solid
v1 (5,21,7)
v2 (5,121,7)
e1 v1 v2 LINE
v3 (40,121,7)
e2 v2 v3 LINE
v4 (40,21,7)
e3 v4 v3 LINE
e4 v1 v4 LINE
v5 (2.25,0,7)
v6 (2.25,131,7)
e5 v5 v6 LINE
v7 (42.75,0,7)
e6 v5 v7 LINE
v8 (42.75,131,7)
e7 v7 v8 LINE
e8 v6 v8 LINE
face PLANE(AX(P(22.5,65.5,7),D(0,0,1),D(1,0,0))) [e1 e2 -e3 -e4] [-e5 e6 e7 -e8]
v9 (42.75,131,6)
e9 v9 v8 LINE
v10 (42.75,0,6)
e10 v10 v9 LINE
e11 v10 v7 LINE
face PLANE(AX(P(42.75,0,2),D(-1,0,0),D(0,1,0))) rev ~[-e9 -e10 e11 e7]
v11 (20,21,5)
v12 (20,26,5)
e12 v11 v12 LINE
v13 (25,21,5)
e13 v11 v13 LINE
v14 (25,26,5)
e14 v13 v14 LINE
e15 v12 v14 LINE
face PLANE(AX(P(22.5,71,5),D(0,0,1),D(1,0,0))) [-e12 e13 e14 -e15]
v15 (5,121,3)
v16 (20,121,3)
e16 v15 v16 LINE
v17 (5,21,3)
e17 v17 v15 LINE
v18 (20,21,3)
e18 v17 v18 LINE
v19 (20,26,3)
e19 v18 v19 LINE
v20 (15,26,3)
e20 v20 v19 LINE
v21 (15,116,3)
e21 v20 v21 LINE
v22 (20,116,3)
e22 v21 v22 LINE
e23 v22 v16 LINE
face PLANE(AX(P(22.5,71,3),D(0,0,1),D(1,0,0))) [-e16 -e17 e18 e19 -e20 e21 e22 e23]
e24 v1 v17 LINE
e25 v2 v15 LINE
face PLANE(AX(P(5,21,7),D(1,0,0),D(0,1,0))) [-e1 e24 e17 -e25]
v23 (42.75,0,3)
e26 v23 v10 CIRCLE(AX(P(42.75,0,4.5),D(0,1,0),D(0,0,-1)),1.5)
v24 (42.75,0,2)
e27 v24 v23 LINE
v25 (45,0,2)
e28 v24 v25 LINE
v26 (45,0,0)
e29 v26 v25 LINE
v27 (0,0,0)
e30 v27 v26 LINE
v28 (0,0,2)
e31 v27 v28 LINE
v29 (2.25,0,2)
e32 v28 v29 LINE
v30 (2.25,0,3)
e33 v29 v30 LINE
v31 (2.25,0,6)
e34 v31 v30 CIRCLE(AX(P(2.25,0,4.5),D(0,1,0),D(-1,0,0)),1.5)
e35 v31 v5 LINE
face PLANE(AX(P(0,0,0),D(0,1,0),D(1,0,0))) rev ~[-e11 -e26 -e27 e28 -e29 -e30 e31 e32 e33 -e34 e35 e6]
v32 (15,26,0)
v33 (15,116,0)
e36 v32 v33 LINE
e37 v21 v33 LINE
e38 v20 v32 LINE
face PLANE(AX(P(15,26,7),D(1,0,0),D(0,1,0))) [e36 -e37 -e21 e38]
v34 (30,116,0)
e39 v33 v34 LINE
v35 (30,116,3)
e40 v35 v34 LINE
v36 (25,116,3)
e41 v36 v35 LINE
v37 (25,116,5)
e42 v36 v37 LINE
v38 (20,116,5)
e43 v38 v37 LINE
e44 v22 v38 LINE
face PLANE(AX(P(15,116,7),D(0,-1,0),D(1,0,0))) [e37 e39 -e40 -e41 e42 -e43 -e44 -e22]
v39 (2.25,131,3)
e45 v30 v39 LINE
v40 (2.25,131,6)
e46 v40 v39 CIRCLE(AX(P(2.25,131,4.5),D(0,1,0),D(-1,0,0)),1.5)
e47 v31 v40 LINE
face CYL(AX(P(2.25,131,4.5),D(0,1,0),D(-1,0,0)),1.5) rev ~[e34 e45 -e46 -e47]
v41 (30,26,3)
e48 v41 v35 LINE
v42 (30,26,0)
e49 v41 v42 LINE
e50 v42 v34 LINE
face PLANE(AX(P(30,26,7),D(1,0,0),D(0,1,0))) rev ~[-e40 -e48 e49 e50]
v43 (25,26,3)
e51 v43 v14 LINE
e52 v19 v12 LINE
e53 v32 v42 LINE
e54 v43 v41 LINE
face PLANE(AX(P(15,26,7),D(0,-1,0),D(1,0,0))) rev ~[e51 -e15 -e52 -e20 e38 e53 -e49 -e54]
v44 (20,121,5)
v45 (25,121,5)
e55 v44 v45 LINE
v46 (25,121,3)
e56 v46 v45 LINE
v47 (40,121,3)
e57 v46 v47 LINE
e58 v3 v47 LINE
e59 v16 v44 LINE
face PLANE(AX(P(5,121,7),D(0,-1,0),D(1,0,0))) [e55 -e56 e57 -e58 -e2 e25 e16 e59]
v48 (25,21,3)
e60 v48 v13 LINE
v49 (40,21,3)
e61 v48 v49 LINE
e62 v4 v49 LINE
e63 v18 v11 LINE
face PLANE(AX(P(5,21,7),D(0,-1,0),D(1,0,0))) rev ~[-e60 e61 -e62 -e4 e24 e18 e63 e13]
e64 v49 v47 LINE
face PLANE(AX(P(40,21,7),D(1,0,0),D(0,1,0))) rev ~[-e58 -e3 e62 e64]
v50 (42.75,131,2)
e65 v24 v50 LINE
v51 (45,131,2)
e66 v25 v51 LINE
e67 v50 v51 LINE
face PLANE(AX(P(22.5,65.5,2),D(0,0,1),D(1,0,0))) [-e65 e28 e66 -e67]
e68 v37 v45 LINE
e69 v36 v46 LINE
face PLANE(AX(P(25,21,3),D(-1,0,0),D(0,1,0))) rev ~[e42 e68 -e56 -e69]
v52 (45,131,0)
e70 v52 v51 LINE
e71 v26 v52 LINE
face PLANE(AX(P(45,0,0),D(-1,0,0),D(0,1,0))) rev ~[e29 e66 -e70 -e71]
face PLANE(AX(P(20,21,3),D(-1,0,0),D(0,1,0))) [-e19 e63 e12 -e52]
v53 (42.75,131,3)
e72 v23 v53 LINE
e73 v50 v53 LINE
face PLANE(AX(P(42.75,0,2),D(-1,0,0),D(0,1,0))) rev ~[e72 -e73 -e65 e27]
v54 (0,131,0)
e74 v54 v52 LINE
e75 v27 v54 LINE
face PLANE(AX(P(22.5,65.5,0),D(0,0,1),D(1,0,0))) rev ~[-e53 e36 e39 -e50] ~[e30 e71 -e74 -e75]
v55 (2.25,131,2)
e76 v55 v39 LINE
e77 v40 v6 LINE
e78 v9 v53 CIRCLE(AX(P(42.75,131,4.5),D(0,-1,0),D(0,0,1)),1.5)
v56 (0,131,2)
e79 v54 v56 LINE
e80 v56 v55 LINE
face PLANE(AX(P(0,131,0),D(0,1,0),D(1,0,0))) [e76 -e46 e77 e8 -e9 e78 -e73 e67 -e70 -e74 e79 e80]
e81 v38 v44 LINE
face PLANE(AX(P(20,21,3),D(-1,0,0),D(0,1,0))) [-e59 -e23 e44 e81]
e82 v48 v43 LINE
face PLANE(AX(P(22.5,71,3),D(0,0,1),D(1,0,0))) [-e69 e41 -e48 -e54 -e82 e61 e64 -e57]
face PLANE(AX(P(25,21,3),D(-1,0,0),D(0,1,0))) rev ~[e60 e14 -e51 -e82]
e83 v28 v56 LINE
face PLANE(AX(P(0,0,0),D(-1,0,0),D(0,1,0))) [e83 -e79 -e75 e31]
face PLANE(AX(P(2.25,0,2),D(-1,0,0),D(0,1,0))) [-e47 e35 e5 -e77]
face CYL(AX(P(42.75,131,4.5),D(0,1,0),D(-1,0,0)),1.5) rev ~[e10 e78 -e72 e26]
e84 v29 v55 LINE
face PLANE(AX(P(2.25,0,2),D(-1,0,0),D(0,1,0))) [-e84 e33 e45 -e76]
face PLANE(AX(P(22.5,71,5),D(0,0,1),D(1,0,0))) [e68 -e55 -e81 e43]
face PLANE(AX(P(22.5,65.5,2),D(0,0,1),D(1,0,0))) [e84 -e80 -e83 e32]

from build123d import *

# Parameters (mm, degrees)
F0_W      = 45
F0_H      = 131
F1_DEPTH  = 2
F2_W      = 40.5
F2_H      = 131
F3_DEPTH  = 5
F5_W      = 35
F5_H      = 100
F6_DEPTH  = 4
F7_W      = 5
F7_H      = 100
F8_DEPTH  = 2
F4_W      = 15
F4_H      = 90
F9_DEPTH  = 7.001
F10_R     = 1.5
F11_DEPTH = 131.001


with BuildPart() as f1:
    # F0 (on Top) → F1 (new body)
    with BuildSketch(Plane.XY):
        with Locations((22.5, 65.5)):
            Rectangle(F0_W, F0_H)
    extrude(amount=F1_DEPTH)

    # F2 (on face) → F3 (join)
    with BuildSketch(Plane.XY.offset(2)):
        with Locations((22.5, 65.5)):
            Rectangle(F2_W, F2_H)
    extrude(amount=F3_DEPTH)

    # F5 (on face) → F6 (cut)
    with BuildSketch(Plane.XY.offset(7)):
        with Locations((22.5, 71)):
            Rectangle(F5_W, F5_H)
    extrude(amount=-F6_DEPTH, mode=Mode.SUBTRACT)

    # F7 (on face) → F8 (join)
    with BuildSketch(Plane.XY.offset(3)):
        with Locations((22.5, 71)):
            Rectangle(F7_W, F7_H)
    extrude(amount=F8_DEPTH)

    # F4 (on face) → F9 (cut, through all)
    with BuildSketch(Plane.XY.offset(7)):
        with Locations((22.5, 71)):
            Rectangle(F4_W, F4_H)
    extrude(amount=-F9_DEPTH, mode=Mode.SUBTRACT)

    # F10 (on face) → F11 (cut, through all)
    with BuildSketch(Plane(origin=(0, 131, 0), x_dir=(-1, 0, 0), z_dir=(0, 1, 0))):
        with Locations((-42.75, 4.5)):
            Circle(F10_R)
        with Locations((-2.25, 4.5)):
            Circle(F10_R)
    extrude(amount=-F11_DEPTH, mode=Mode.SUBTRACT)


solid = f1.part
